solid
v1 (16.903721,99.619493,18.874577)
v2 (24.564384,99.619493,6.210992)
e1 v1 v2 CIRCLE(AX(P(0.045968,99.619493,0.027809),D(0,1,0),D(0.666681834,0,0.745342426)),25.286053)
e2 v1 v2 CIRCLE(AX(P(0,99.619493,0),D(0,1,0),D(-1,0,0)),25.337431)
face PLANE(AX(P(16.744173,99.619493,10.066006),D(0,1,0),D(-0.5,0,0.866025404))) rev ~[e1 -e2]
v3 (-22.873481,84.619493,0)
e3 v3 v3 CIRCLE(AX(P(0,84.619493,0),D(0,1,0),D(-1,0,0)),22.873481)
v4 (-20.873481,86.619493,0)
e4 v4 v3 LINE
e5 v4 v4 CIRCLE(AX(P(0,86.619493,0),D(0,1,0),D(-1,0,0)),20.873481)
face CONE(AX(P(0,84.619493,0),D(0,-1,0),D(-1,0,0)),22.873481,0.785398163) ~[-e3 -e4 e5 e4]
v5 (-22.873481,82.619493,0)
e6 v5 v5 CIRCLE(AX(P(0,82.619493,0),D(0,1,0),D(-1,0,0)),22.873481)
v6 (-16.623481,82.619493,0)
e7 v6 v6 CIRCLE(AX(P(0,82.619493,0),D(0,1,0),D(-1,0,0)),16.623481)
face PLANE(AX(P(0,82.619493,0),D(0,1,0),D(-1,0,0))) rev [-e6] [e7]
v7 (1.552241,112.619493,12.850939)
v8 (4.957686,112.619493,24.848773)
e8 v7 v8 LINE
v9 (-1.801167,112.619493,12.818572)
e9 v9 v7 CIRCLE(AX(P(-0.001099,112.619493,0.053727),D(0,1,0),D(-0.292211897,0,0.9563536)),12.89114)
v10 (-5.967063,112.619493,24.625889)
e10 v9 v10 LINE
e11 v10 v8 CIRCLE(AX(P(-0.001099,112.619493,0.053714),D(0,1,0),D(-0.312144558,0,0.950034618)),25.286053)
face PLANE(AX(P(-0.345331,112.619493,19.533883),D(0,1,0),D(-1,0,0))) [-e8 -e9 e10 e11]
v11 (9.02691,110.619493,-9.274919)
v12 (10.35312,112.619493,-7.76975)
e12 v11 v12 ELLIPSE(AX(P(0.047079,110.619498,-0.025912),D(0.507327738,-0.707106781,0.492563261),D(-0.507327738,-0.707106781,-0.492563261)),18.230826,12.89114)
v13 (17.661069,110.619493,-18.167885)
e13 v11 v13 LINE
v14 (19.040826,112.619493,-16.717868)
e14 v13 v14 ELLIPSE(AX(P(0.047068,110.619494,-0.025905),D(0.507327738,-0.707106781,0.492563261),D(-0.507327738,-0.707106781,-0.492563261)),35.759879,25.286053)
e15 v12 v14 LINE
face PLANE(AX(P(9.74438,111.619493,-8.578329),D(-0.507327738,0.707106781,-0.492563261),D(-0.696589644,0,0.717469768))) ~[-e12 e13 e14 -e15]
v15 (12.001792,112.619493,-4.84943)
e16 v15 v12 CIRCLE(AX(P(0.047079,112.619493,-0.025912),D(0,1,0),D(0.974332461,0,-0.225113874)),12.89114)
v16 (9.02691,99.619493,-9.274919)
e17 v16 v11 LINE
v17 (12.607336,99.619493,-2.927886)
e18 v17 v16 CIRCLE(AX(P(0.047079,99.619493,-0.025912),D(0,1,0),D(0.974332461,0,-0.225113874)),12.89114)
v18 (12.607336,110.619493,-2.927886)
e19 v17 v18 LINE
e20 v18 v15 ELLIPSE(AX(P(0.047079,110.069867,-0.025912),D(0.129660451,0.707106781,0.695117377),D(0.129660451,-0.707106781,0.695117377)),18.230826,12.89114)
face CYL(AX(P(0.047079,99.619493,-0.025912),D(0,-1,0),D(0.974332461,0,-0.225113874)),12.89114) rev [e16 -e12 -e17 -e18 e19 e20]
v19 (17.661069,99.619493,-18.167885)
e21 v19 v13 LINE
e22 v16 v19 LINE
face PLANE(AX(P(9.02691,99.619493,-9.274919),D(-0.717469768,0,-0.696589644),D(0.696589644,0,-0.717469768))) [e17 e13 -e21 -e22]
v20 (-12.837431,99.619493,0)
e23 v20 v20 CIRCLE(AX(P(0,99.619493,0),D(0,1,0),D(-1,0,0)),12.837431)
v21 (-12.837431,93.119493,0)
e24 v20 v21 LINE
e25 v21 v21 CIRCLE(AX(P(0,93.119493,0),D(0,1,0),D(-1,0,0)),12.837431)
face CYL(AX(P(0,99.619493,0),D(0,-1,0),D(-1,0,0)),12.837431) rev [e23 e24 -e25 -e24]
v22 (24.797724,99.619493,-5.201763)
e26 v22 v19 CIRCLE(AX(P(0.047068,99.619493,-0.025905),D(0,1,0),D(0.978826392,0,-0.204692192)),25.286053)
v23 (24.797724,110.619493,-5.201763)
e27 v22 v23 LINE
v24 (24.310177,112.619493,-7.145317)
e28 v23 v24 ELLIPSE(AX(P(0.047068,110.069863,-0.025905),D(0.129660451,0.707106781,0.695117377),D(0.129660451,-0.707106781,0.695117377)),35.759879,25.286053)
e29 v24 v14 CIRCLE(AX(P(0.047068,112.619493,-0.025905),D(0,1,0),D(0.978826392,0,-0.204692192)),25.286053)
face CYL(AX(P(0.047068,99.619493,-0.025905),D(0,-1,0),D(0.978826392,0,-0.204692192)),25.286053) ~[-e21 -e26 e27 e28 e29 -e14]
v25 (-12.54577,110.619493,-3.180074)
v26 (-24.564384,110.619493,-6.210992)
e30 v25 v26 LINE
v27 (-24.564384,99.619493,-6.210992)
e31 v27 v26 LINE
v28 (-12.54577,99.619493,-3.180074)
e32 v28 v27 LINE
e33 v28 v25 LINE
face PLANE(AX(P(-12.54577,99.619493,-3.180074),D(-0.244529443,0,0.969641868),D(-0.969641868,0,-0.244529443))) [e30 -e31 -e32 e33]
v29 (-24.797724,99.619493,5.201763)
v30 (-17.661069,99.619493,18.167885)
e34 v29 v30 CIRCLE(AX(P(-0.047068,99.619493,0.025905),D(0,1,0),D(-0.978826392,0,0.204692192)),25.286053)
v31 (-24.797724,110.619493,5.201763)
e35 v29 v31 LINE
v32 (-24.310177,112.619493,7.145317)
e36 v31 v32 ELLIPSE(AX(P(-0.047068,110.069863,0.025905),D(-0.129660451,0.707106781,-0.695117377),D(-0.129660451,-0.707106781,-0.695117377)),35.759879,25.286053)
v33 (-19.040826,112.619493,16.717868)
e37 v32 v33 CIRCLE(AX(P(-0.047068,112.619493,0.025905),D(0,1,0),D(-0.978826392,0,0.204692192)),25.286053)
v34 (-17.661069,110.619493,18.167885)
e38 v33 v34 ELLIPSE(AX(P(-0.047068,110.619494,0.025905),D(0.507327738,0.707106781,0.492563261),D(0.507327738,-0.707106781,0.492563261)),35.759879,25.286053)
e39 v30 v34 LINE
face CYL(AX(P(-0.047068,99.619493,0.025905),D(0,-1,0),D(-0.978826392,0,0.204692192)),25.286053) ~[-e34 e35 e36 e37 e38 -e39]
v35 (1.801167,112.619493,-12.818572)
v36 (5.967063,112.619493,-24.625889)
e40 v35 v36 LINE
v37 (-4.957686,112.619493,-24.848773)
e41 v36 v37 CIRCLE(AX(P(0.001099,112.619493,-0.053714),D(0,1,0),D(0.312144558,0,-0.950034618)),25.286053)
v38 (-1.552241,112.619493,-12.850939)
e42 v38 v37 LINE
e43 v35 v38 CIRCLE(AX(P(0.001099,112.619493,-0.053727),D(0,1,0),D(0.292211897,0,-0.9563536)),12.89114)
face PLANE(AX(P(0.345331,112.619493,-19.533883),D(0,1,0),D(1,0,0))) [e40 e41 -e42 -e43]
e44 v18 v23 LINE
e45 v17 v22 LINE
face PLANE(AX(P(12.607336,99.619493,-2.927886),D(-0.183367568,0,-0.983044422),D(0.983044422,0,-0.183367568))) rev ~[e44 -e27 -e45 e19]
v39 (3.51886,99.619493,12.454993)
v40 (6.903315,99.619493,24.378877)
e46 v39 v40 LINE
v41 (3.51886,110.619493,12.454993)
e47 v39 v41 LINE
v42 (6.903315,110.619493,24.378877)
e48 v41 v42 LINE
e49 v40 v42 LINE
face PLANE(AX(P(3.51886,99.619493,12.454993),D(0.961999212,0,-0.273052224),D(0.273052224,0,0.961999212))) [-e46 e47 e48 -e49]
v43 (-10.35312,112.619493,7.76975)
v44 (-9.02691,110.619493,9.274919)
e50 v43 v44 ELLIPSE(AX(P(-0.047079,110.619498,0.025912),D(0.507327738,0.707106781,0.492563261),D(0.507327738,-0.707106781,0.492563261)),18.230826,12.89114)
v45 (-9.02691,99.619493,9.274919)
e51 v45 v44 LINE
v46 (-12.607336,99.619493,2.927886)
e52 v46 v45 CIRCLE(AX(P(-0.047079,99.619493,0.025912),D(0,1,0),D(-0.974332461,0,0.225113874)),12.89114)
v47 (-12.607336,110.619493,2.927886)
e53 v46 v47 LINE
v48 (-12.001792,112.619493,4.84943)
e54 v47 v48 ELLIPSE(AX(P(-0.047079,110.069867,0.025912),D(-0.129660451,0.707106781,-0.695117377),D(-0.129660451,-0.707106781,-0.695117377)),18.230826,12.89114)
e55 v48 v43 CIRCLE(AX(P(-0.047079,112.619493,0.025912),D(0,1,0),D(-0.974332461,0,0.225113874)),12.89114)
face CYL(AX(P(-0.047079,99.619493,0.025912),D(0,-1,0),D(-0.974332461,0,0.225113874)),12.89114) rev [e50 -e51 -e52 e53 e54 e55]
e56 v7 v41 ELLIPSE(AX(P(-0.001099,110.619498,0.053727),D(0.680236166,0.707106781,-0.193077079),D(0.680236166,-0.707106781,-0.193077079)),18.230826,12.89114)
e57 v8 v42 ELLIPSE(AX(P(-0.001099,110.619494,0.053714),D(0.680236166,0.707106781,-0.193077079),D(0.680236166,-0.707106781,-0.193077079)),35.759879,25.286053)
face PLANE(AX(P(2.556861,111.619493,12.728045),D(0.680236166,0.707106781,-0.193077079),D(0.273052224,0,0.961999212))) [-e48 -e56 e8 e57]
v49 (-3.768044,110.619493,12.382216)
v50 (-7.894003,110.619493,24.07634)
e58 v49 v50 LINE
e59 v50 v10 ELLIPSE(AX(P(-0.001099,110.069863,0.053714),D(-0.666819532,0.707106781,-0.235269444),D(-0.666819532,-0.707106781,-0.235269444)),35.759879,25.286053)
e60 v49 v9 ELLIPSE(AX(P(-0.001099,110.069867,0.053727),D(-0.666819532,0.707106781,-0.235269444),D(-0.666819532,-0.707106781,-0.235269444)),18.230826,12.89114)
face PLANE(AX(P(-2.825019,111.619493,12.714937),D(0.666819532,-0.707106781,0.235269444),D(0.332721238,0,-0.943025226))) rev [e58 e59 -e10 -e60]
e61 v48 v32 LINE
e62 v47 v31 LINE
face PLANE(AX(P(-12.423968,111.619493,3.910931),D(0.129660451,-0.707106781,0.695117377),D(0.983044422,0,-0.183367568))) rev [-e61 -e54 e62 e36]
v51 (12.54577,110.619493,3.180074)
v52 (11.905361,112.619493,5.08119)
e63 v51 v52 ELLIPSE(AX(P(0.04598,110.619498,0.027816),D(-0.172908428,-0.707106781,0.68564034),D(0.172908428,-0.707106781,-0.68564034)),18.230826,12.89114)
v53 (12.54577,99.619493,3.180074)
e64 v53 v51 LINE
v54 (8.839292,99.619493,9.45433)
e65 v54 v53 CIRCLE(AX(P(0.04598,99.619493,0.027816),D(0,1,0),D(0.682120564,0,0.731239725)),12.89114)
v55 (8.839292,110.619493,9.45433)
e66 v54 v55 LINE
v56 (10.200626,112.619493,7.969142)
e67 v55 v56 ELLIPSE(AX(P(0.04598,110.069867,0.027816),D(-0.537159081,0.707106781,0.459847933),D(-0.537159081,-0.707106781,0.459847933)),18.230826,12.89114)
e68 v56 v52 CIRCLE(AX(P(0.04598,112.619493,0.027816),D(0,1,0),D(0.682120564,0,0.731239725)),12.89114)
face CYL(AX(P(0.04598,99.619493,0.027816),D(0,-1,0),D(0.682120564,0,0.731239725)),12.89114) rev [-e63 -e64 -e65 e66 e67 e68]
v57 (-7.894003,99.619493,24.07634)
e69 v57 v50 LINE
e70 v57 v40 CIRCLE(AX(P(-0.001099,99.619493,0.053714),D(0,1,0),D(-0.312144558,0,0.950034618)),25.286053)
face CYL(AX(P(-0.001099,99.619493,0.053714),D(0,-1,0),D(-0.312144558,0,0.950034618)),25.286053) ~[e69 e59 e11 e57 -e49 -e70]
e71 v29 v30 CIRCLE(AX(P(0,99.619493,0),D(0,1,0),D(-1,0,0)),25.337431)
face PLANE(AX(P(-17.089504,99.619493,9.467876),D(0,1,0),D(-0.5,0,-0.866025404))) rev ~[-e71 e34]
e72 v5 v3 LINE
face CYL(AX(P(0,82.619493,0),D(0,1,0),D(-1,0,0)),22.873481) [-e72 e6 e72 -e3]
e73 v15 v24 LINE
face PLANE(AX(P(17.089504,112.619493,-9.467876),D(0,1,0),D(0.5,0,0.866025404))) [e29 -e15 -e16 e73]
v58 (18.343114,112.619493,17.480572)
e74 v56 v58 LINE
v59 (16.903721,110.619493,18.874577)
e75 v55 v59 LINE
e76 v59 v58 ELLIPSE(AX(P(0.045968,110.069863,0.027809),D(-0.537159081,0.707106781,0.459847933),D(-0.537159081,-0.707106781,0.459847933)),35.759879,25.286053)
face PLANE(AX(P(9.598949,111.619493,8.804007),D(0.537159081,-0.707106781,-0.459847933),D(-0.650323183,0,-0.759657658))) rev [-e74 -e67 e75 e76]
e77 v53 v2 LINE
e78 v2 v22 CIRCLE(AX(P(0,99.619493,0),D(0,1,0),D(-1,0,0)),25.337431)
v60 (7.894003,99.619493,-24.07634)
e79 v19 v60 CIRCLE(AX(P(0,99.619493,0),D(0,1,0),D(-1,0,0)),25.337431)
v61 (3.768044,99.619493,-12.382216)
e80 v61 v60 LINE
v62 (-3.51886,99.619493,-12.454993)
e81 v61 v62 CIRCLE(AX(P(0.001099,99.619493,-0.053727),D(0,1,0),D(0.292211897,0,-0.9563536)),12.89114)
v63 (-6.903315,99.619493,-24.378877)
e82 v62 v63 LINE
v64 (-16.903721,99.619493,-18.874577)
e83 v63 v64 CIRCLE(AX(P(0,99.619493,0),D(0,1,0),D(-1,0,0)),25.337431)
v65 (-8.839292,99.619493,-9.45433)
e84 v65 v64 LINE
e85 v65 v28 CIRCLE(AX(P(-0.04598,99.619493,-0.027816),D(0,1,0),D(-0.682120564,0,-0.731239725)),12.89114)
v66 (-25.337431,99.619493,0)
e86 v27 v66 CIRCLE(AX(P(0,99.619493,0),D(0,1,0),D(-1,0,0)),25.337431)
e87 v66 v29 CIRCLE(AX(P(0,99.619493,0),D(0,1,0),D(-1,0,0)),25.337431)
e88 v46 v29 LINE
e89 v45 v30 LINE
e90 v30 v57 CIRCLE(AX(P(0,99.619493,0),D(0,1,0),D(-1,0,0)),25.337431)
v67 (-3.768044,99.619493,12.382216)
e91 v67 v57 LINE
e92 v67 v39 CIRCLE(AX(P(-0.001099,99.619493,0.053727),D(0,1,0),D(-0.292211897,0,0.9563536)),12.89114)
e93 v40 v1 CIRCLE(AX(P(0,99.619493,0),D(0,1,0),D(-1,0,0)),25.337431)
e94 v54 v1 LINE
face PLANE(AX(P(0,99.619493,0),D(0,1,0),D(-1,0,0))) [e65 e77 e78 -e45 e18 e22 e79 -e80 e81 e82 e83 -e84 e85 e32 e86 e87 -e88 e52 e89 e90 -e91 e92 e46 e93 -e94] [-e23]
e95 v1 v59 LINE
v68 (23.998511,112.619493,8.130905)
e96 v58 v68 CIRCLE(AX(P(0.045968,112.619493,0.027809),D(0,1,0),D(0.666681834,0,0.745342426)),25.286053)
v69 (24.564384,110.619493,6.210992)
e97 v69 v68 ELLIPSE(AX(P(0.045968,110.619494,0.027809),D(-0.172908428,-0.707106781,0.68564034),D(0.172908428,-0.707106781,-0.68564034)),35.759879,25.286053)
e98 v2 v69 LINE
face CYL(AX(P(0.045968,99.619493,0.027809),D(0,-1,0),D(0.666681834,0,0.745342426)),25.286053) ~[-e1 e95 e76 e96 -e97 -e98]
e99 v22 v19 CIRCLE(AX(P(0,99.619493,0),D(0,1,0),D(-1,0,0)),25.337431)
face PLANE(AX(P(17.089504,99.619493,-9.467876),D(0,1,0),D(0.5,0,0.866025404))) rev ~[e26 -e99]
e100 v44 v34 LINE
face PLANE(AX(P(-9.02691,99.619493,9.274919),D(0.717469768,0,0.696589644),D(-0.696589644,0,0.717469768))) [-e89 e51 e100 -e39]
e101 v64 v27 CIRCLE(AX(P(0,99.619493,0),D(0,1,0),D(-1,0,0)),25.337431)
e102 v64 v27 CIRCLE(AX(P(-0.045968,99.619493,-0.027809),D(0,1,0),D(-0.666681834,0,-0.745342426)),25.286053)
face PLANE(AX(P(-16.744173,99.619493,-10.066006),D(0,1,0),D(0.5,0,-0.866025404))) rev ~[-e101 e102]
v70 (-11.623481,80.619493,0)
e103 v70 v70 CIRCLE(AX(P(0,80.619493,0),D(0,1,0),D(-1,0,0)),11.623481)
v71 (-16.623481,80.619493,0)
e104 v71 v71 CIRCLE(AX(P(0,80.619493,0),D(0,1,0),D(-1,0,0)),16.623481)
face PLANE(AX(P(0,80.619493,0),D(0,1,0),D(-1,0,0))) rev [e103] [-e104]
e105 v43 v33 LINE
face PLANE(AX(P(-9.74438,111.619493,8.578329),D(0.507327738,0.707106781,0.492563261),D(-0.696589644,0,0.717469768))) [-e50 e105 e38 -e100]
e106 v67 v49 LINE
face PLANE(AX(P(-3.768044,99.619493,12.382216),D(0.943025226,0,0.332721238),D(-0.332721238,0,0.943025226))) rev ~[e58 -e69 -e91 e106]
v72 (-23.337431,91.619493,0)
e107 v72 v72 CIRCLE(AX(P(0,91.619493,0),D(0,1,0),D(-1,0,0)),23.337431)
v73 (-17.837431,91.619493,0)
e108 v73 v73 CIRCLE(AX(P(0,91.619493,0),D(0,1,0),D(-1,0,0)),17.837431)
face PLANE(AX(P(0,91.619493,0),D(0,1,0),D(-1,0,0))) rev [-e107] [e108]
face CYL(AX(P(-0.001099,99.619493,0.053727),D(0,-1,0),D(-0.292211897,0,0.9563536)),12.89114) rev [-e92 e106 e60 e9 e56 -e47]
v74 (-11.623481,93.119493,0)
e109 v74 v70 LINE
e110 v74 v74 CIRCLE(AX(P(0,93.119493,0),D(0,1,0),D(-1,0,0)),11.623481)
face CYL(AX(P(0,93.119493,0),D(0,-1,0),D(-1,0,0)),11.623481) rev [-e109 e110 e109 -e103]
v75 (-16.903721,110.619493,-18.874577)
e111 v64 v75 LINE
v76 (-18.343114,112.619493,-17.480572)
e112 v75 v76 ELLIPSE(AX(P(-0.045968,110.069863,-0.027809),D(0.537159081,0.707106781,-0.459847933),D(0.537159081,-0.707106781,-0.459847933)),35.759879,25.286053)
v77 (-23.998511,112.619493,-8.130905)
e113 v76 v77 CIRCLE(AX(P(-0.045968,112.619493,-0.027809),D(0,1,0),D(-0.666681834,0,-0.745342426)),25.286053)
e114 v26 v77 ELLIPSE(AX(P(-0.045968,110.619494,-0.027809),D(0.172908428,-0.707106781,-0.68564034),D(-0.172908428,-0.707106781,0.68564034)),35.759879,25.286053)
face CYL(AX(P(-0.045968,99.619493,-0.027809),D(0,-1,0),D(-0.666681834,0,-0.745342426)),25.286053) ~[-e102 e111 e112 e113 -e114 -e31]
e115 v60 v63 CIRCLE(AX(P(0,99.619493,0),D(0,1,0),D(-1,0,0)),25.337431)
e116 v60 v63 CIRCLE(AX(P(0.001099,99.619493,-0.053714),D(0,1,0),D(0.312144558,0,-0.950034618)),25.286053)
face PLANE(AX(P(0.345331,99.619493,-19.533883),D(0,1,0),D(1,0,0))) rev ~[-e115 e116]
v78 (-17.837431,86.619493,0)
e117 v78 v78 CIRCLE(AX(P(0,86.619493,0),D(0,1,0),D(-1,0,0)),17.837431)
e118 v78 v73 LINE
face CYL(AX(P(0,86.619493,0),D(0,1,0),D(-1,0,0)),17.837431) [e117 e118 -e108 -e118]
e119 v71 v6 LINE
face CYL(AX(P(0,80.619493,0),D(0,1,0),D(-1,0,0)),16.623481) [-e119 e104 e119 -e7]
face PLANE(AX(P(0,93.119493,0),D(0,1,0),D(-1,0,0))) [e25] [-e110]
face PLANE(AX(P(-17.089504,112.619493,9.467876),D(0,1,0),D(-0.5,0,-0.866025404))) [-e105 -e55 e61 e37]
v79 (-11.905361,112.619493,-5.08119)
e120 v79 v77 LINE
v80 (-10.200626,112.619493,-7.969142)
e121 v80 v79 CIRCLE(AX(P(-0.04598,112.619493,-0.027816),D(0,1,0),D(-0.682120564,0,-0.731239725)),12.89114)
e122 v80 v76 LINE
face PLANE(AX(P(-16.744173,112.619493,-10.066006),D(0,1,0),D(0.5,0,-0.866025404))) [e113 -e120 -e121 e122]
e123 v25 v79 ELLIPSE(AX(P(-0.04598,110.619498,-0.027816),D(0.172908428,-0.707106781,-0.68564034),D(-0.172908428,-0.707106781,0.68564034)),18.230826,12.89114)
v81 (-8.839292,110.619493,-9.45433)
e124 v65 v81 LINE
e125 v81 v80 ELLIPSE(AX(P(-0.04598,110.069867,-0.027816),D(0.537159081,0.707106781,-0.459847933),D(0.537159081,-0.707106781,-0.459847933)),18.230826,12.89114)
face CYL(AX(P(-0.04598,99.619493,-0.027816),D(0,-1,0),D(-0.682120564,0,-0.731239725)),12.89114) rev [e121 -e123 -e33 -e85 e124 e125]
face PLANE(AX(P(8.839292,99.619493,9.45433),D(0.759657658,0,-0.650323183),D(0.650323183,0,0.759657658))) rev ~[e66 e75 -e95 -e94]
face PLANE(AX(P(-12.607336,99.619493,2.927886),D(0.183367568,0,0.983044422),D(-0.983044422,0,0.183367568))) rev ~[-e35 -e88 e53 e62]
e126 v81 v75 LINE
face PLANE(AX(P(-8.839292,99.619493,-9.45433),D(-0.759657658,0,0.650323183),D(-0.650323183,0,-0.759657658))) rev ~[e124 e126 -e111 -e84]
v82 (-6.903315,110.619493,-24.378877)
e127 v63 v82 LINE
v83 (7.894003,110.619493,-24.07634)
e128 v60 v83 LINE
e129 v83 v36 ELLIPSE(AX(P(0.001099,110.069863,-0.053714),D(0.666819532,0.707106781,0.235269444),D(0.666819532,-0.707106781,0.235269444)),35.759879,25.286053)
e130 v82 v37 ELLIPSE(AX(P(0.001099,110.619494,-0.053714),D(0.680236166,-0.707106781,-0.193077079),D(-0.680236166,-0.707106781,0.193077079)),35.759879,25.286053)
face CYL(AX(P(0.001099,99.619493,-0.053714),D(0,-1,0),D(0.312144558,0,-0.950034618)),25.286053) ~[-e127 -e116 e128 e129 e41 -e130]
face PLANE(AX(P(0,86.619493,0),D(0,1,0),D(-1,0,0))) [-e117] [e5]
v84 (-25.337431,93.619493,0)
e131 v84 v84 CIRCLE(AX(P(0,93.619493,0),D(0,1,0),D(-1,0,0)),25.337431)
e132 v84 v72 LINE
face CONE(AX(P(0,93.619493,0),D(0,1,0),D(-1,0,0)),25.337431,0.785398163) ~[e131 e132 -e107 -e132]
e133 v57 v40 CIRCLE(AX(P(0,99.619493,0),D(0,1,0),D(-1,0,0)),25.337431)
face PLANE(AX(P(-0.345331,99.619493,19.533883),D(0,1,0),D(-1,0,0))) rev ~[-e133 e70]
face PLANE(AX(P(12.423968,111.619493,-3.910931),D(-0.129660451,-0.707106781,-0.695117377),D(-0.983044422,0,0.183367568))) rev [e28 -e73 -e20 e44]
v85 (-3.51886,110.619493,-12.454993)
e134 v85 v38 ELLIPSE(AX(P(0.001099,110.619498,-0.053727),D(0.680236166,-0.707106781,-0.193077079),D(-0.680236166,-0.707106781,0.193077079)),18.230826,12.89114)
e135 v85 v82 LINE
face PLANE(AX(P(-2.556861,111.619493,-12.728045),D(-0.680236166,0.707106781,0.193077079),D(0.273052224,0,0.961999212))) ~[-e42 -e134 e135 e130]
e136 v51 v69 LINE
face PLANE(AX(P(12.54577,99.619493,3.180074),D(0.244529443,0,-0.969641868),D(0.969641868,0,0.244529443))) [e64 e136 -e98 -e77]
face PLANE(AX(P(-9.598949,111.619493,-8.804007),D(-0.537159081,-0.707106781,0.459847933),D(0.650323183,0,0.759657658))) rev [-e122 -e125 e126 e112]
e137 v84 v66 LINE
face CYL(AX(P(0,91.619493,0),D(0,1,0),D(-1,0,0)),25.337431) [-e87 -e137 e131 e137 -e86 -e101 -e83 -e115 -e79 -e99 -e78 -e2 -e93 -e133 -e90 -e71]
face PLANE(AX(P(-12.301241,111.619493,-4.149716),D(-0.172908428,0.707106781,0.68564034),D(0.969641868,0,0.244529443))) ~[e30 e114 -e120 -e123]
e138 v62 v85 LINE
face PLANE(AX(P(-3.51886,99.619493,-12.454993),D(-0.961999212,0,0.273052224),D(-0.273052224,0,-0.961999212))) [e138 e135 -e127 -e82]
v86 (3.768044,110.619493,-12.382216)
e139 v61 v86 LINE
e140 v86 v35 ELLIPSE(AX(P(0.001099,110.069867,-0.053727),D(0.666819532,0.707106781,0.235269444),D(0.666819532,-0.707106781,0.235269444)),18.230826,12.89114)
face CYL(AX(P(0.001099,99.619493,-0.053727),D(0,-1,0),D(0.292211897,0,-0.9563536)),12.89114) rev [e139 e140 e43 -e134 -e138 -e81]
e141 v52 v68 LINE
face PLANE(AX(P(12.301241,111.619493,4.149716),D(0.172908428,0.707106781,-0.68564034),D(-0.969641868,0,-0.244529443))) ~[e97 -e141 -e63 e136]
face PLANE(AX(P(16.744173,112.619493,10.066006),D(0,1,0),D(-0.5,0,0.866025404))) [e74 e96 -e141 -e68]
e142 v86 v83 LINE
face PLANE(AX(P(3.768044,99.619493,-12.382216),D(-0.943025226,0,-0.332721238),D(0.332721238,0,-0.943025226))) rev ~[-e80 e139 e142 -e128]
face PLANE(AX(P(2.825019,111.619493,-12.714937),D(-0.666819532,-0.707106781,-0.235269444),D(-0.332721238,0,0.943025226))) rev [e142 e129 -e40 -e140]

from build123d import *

# Parameters (mm, degrees)
PAD_DEPTH          = 13
CHAMFER_SIZE       = 2
POLARPATTERN_COUNT = 6
CHAMFER001_SIZE    = 2
CHAMFER002_SIZE    = 2


with BuildPart() as part:
    # Sketch → Revolution (revolve)
    with BuildSketch(Plane.XY):
        Polygon((-11.623481, 80.619493), (-16.623481, 80.619493), (-16.623481, 82.619493), (-22.873481, 82.619493), (-22.873481, 86.619493), (-17.837431, 86.619493), (-17.837431, 91.619493), (-25.337431, 91.619493), (-25.337431, 99.619493), (-12.837431, 99.619493), (-12.837431, 93.119493), (-11.623481, 93.119493), align=None)
    revolve(axis=Axis((0, 0, 0), (0, 1, 0)))

    # Sketch002 (on Face9 of Revolution) → Pad (new body)
    with BuildSketch(Plane(origin=(0, 99.619493, 0), x_dir=(-1, 0, 0), z_dir=(0, 1, 0))):
        with BuildLine():
            Line((3.768044, 12.382216), (7.894003, 24.07634))
            ThreePointArc((7.894003, 24.07634), (0.517974, 25.334484), (-6.903315, 24.378877))
            Line((-3.51886, 12.454993), (-6.903315, 24.378877))
            ThreePointArc((3.768044, 12.382216), (0.129841, 12.944225), (-3.51886, 12.454993))
        make_face()
    pad = extrude(amount=PAD_DEPTH)

    # Chamfer
    chamfer_edges = [part.edges().sort_by_distance(p)[0] for p in [
        (-5.831023, 112.619493, 18.229278),
        (5.211088, 112.619493, 18.416935),
    ]]
    chamfer(chamfer_edges, length=CHAMFER_SIZE)

    # PolarPattern: Pad ×6 about axis
    polarpattern_axis = Axis((0, 99.619493, 0), (0, 1, 0))
    for i in range(1, POLARPATTERN_COUNT):
        add(pad.rotate(polarpattern_axis, i * 360 / POLARPATTERN_COUNT))

    # Chamfer001
    chamfer001_edges = [part.edges().sort_by_distance(p)[0] for p in [
        (18.555078, 112.619493, 4.695533),
        (12.871506, 112.619493, 14.164453),
        (18.702529, 112.619493, -4.064825),
        (13.34399, 112.619493, -13.721402),
        (5.831023, 112.619493, -18.229278),
        (-5.211088, 112.619493, -18.416935),
        (-12.871506, 112.619493, -14.164453),
        (-18.555078, 112.619493, -4.695533),
        (-18.702529, 112.619493, 4.064825),
        (-13.34399, 112.619493, 13.721402),
    ]]
    chamfer(chamfer001_edges, length=CHAMFER001_SIZE)

    # Chamfer002
    chamfer002_edges = [part.edges().sort_by_distance(p)[0] for p in [
        (25.337431, 91.619493, 0),
        (22.873481, 86.619493, 0),
    ]]
    chamfer(chamfer002_edges, length=CHAMFER002_SIZE)


solid = part.part
